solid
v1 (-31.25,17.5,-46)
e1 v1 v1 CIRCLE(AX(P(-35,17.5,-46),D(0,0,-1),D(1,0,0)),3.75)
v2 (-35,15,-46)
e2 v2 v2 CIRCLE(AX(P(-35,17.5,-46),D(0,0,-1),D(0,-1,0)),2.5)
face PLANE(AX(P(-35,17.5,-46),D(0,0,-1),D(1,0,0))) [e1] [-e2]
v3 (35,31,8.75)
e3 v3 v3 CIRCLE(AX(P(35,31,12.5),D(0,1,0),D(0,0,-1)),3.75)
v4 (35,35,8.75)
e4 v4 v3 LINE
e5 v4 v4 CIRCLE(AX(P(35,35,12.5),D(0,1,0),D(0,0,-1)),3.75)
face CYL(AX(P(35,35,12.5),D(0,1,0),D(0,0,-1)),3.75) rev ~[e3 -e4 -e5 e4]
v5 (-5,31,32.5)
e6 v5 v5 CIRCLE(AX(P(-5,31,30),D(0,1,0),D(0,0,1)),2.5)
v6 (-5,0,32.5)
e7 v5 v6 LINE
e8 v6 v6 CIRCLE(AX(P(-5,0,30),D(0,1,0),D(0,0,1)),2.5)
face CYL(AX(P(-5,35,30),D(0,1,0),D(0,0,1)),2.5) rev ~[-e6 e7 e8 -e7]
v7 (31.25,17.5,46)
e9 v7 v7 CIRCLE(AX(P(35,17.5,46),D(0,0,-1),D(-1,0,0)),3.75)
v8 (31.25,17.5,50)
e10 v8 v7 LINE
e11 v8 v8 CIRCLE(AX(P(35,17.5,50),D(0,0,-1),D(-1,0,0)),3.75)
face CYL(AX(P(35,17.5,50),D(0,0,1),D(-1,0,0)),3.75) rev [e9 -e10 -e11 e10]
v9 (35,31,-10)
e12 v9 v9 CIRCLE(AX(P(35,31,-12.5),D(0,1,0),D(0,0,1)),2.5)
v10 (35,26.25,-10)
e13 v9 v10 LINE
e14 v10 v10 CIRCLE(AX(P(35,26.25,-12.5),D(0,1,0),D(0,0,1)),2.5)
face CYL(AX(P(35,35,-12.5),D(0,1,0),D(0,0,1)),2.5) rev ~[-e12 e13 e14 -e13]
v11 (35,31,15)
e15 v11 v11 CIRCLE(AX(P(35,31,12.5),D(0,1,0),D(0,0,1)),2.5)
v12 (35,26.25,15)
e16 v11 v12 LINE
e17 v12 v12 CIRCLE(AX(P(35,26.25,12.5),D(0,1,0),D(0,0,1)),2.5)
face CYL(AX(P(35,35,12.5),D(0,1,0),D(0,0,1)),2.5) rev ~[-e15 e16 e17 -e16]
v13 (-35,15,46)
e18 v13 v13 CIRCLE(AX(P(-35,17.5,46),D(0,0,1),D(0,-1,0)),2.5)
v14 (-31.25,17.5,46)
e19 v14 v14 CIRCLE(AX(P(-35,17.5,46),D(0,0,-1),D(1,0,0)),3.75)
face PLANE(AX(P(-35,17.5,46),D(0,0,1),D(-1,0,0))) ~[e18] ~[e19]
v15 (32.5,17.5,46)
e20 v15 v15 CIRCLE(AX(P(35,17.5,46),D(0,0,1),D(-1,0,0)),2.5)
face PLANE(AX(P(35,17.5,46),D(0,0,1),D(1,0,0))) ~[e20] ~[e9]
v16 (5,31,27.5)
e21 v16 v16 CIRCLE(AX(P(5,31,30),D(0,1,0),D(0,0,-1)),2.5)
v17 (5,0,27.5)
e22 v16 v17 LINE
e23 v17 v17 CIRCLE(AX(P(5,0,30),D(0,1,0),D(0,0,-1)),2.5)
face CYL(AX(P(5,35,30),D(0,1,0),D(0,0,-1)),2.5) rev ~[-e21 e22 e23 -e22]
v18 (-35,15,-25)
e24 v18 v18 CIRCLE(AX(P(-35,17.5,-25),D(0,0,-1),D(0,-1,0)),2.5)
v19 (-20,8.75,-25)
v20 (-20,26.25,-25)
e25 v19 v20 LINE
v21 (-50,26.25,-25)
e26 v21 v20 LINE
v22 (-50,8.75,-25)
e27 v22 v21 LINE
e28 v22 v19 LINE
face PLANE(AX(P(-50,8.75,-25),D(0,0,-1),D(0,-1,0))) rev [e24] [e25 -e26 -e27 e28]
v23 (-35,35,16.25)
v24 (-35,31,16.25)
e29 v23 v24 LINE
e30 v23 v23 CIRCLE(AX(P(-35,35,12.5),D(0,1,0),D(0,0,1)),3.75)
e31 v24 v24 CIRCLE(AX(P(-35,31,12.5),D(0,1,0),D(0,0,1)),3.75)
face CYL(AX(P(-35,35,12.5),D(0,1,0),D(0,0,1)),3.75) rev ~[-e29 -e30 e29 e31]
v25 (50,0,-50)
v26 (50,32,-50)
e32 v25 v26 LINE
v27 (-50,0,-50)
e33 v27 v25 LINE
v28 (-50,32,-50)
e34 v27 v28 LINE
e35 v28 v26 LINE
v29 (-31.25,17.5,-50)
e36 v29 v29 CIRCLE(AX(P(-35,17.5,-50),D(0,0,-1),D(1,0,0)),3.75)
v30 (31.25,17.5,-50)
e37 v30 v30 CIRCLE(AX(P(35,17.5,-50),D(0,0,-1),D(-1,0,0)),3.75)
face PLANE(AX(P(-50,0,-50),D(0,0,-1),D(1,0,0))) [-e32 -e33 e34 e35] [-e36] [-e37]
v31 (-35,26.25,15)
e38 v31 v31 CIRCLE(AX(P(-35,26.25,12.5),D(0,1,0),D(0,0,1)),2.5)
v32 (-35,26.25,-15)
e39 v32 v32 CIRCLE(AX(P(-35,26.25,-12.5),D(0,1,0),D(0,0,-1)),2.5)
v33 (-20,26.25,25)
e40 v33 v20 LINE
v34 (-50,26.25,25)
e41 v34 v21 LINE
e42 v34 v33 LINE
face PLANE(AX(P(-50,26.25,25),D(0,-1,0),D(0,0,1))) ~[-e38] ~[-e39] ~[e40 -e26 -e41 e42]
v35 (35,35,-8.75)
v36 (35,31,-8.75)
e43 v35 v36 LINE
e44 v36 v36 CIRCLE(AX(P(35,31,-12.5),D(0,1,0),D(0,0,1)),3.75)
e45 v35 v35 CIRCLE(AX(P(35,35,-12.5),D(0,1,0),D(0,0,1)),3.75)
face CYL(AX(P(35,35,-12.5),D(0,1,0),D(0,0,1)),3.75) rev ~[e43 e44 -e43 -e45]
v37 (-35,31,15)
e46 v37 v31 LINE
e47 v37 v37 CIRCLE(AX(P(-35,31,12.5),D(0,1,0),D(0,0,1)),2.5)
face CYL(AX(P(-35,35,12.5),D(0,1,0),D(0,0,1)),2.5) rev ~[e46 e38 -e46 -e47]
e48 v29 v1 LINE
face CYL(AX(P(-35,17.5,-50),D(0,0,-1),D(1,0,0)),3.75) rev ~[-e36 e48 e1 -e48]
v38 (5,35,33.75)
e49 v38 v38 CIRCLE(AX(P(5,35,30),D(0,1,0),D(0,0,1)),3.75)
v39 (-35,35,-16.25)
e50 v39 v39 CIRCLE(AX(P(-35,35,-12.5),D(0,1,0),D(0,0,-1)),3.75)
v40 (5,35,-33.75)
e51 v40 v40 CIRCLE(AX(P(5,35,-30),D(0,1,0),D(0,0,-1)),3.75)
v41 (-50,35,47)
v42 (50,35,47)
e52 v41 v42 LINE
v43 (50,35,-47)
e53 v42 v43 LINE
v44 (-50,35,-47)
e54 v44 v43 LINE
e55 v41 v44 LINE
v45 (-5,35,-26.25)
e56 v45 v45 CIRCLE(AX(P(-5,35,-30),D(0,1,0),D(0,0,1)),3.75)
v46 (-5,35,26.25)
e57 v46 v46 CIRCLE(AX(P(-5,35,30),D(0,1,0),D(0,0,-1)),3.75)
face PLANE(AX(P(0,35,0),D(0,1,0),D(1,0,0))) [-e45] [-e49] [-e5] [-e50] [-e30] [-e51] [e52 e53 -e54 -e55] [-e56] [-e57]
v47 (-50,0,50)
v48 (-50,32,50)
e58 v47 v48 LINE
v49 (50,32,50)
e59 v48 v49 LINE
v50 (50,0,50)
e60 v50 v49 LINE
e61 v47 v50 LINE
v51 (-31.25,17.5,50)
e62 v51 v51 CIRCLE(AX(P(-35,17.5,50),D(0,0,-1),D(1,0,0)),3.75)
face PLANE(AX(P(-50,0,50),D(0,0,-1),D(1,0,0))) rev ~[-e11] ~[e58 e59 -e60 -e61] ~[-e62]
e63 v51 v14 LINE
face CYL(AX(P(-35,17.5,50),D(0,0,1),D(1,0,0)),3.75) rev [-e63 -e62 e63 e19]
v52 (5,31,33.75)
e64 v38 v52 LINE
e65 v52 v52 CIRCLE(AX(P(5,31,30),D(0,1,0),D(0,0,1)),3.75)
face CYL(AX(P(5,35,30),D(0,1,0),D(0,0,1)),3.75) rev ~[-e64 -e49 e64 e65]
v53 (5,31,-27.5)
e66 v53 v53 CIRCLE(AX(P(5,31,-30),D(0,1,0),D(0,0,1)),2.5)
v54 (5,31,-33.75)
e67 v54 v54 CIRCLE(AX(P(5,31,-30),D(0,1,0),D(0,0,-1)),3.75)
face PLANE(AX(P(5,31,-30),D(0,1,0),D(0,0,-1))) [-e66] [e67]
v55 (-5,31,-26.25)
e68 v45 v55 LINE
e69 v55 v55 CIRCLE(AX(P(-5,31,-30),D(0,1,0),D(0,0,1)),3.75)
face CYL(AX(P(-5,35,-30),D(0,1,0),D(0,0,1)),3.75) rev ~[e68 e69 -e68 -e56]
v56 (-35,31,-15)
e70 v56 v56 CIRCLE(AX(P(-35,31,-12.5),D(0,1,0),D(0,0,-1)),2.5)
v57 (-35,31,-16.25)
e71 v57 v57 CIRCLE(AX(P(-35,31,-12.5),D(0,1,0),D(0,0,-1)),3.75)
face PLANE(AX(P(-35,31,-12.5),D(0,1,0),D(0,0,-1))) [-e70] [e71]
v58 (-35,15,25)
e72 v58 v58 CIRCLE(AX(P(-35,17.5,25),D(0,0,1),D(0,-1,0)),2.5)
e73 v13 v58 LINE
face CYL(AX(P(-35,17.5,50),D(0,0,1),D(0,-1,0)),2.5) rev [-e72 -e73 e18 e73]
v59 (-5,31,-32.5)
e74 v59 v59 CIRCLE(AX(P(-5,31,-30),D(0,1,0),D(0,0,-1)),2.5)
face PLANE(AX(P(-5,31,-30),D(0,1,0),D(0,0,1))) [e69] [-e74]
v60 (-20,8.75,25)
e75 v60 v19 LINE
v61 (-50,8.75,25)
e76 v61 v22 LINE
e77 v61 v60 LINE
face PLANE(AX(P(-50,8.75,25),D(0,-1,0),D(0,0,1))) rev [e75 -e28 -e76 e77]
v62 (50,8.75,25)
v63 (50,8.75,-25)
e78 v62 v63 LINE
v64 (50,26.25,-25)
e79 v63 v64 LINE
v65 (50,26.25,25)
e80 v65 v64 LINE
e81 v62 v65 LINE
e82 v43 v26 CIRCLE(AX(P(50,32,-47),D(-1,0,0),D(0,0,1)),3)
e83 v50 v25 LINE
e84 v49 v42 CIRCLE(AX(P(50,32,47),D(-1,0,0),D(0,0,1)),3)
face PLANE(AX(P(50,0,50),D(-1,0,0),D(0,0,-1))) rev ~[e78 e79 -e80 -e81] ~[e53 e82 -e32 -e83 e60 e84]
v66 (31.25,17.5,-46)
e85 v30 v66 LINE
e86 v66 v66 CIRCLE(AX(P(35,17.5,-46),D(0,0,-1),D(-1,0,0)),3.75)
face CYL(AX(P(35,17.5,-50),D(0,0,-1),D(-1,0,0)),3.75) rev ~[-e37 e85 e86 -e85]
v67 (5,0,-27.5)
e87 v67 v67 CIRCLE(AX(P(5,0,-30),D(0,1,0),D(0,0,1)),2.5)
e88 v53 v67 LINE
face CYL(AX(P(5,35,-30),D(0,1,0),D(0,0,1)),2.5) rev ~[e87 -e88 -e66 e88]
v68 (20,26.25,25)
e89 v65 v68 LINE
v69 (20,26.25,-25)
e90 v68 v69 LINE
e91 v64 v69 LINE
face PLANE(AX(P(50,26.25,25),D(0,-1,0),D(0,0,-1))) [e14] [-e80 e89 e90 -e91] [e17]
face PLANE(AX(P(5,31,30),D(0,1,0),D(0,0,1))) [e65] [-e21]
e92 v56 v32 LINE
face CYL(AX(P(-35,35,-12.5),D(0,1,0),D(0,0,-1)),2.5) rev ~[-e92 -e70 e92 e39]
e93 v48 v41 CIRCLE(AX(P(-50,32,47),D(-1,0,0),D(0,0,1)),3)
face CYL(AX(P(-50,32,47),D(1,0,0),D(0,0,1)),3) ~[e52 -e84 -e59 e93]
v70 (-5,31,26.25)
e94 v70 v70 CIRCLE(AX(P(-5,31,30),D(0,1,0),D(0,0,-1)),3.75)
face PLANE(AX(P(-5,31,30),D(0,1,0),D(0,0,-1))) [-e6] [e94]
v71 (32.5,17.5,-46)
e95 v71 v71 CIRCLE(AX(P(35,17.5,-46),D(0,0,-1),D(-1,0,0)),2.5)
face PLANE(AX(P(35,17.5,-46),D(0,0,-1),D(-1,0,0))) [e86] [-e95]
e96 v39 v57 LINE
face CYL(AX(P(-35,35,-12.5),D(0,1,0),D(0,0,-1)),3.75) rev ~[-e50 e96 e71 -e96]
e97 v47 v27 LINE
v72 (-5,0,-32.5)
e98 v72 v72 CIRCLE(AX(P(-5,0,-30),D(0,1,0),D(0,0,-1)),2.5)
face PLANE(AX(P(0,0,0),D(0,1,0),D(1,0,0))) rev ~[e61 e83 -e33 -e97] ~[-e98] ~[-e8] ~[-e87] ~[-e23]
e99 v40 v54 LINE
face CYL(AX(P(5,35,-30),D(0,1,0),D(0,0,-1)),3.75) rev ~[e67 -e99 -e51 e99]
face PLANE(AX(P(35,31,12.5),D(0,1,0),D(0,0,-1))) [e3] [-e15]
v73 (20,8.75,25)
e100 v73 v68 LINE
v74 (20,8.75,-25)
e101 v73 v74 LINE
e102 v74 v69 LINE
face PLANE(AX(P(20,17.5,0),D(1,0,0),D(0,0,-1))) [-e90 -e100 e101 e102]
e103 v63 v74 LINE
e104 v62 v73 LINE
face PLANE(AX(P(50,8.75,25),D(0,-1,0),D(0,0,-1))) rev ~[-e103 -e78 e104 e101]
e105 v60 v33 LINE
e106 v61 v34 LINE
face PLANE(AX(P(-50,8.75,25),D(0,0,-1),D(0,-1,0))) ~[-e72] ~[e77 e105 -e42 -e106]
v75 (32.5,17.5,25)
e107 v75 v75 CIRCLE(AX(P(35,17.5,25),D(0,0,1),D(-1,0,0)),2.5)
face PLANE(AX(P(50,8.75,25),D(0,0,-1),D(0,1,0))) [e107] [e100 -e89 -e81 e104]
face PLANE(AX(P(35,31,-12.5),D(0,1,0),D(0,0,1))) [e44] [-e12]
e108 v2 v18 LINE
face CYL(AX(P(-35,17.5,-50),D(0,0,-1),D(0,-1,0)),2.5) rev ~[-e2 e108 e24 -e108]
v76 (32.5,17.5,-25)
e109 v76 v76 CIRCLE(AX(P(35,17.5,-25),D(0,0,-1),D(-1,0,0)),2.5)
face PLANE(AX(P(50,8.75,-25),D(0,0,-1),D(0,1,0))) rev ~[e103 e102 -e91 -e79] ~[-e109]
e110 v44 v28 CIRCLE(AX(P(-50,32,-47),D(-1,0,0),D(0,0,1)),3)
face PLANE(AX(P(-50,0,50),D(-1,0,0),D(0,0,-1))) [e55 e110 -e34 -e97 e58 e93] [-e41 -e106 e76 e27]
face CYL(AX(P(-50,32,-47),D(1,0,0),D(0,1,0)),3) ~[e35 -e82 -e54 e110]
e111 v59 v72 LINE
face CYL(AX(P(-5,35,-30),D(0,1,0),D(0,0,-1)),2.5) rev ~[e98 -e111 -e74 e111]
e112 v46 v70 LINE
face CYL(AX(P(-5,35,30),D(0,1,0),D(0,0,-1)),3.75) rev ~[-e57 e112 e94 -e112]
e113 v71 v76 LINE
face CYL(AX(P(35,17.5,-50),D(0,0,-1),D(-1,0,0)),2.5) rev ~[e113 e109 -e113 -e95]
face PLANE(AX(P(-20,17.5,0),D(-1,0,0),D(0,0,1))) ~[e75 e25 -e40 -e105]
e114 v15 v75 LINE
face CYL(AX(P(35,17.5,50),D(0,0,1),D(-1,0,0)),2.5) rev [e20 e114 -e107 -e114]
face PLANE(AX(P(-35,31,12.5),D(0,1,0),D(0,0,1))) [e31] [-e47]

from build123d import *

# Parameters (mm, degrees)
SKETCH1_W           = 100
SKETCH1_H           = 100
BOSS_EXTRUDE1_DEPTH = 35
SKETCH2_W           = 50
SKETCH2_H           = 17.5
CUT_EXTRUDE1_DEPTH  = 30
SKETCH3_R           = 2.5
CUT_EXTRUDE2_DEPTH  = 10
SKETCH4_R           = 3.75
CUT_EXTRUDE3_DEPTH  = 4
SKETCH5_R           = 2.5
CUT_EXTRUDE4_DEPTH  = 30
SKETCH6_R           = 3.75
CUT_EXTRUDE5_DEPTH  = 4
SKETCH7_R           = 2.5
CUT_EXTRUDE10_DEPTH = 79.89866919
SKETCH8_R           = 3.75
CUT_EXTRUDE11_DEPTH = 4
FILLET1_R           = 3


with BuildPart() as part:
    # Sketch1 → Boss-Extrude1 (new body)
    with BuildSketch(Plane(origin=(0, 0, 0), x_dir=(1, 0, 0), z_dir=(0, 1, 0))):
        Rectangle(SKETCH1_W, SKETCH1_H)
    extrude(amount=BOSS_EXTRUDE1_DEPTH)

    # Sketch2 → Cut-Extrude1 (cut)
    with BuildSketch(Plane(origin=(50, 0, 0), x_dir=(0, 0, -1), z_dir=(1, 0, 0))):
        with Locations((0, 17.5)):
            Rectangle(SKETCH2_W, SKETCH2_H)
    cut_extrude1 = extrude(amount=-CUT_EXTRUDE1_DEPTH, mode=Mode.SUBTRACT)

    # Mirror1: Cut-Extrude1 across plane
    add(cut_extrude1.mirror(Plane(origin=(0, 0, 0), x_dir=(0, 0, 1), z_dir=(1, 0, 0))), mode=Mode.SUBTRACT)

    # Sketch3 → Cut-Extrude2 (cut)
    with BuildSketch(Plane(origin=(0, 35, 0), x_dir=(1, 0, 0), z_dir=(0, 1, 0))):
        with Locations(Location((35, 12.5, 0), (0, 0, 270))):
            Circle(SKETCH3_R)
        with Locations(Location((35, -12.5, 0), (0, 0, 270))):
            Circle(SKETCH3_R)
        with Locations(Location((-35, -12.5, 0), (0, 0, 270))):
            Circle(SKETCH3_R)
        with Locations(Location((-35, 12.5, 0), (0, 0, 90))):
            Circle(SKETCH3_R)
    extrude(amount=-CUT_EXTRUDE2_DEPTH, mode=Mode.SUBTRACT)

    # Sketch4 → Cut-Extrude3 (cut)
    with BuildSketch(Plane(origin=(0, 35, 0), x_dir=(1, 0, 0), z_dir=(0, 1, 0))):
        with Locations(Location((35, 12.5, 0), (0, 0, 270))):
            Circle(SKETCH4_R)
        with Locations(Location((35, -12.5, 0), (0, 0, 90))):
            Circle(SKETCH4_R)
        with Locations(Location((-35, -12.5, 0), (0, 0, 270))):
            Circle(SKETCH4_R)
        with Locations(Location((-35, 12.5, 0), (0, 0, 90))):
            Circle(SKETCH4_R)
    extrude(amount=-CUT_EXTRUDE3_DEPTH, mode=Mode.SUBTRACT)

    # Sketch5 → Cut-Extrude4 (cut)
    with BuildSketch(Plane(origin=(0, 0, -50), x_dir=(-1, 0, 0), z_dir=(0, 0, -1))):
        with Locations((-35, 17.5)):
            Circle(SKETCH5_R)
        with Locations(Location((35, 17.5, 0), (0, 0, 270))):
            Circle(SKETCH5_R)
    cut_extrude4 = extrude(amount=-CUT_EXTRUDE4_DEPTH, mode=Mode.SUBTRACT)

    # Sketch6 → Cut-Extrude5 (cut)
    with BuildSketch(Plane(origin=(0, 0, -50), x_dir=(-1, 0, 0), z_dir=(0, 0, -1))):
        with Locations((-35, 17.5)):
            Circle(SKETCH6_R)
        with Locations(Location((35, 17.5, 0), (0, 0, 180))):
            Circle(SKETCH6_R)
    cut_extrude5 = extrude(amount=-CUT_EXTRUDE5_DEPTH, mode=Mode.SUBTRACT)

    # Mirror2: Cut-Extrude4, Cut-Extrude5 across plane
    add(cut_extrude4.mirror(Plane.XY), mode=Mode.SUBTRACT)
    add(cut_extrude5.mirror(Plane.XY), mode=Mode.SUBTRACT)

    # Sketch7 → Cut-Extrude10 (cut, through all)
    with BuildSketch(Plane(origin=(0, 35, 0), x_dir=(1, 0, 0), z_dir=(0, 1, 0))):
        with Locations(Location((5, 30, 0), (0, 0, 270))):
            Circle(SKETCH7_R)
        with Locations(Location((5, -30, 0), (0, 0, 90))):
            Circle(SKETCH7_R)
        with Locations(Location((-5, -30, 0), (0, 0, 270))):
            Circle(SKETCH7_R)
        with Locations(Location((-5, 30, 0), (0, 0, 90))):
            Circle(SKETCH7_R)
    extrude(amount=-CUT_EXTRUDE10_DEPTH, mode=Mode.SUBTRACT)

    # Sketch8 → Cut-Extrude11 (cut)
    with BuildSketch(Plane(origin=(0, 35, 0), x_dir=(1, 0, 0), z_dir=(0, 1, 0))):
        with Locations(Location((-5, 30, 0), (0, 0, 270))):
            Circle(SKETCH8_R)
        with Locations(Location((5, 30, 0), (0, 0, 90))):
            Circle(SKETCH8_R)
        with Locations(Location((5, -30, 0), (0, 0, 270))):
            Circle(SKETCH8_R)
        with Locations(Location((-5, -30, 0), (0, 0, 90))):
            Circle(SKETCH8_R)
    extrude(amount=-CUT_EXTRUDE11_DEPTH, mode=Mode.SUBTRACT)

    # Fillet1
    fillet1_edges = [part.edges().sort_by_distance(p)[0] for p in [
        (0, 35, 50),
        (0, 35, -50),
    ]]
    fillet(fillet1_edges, radius=FILLET1_R)


solid = part.part
